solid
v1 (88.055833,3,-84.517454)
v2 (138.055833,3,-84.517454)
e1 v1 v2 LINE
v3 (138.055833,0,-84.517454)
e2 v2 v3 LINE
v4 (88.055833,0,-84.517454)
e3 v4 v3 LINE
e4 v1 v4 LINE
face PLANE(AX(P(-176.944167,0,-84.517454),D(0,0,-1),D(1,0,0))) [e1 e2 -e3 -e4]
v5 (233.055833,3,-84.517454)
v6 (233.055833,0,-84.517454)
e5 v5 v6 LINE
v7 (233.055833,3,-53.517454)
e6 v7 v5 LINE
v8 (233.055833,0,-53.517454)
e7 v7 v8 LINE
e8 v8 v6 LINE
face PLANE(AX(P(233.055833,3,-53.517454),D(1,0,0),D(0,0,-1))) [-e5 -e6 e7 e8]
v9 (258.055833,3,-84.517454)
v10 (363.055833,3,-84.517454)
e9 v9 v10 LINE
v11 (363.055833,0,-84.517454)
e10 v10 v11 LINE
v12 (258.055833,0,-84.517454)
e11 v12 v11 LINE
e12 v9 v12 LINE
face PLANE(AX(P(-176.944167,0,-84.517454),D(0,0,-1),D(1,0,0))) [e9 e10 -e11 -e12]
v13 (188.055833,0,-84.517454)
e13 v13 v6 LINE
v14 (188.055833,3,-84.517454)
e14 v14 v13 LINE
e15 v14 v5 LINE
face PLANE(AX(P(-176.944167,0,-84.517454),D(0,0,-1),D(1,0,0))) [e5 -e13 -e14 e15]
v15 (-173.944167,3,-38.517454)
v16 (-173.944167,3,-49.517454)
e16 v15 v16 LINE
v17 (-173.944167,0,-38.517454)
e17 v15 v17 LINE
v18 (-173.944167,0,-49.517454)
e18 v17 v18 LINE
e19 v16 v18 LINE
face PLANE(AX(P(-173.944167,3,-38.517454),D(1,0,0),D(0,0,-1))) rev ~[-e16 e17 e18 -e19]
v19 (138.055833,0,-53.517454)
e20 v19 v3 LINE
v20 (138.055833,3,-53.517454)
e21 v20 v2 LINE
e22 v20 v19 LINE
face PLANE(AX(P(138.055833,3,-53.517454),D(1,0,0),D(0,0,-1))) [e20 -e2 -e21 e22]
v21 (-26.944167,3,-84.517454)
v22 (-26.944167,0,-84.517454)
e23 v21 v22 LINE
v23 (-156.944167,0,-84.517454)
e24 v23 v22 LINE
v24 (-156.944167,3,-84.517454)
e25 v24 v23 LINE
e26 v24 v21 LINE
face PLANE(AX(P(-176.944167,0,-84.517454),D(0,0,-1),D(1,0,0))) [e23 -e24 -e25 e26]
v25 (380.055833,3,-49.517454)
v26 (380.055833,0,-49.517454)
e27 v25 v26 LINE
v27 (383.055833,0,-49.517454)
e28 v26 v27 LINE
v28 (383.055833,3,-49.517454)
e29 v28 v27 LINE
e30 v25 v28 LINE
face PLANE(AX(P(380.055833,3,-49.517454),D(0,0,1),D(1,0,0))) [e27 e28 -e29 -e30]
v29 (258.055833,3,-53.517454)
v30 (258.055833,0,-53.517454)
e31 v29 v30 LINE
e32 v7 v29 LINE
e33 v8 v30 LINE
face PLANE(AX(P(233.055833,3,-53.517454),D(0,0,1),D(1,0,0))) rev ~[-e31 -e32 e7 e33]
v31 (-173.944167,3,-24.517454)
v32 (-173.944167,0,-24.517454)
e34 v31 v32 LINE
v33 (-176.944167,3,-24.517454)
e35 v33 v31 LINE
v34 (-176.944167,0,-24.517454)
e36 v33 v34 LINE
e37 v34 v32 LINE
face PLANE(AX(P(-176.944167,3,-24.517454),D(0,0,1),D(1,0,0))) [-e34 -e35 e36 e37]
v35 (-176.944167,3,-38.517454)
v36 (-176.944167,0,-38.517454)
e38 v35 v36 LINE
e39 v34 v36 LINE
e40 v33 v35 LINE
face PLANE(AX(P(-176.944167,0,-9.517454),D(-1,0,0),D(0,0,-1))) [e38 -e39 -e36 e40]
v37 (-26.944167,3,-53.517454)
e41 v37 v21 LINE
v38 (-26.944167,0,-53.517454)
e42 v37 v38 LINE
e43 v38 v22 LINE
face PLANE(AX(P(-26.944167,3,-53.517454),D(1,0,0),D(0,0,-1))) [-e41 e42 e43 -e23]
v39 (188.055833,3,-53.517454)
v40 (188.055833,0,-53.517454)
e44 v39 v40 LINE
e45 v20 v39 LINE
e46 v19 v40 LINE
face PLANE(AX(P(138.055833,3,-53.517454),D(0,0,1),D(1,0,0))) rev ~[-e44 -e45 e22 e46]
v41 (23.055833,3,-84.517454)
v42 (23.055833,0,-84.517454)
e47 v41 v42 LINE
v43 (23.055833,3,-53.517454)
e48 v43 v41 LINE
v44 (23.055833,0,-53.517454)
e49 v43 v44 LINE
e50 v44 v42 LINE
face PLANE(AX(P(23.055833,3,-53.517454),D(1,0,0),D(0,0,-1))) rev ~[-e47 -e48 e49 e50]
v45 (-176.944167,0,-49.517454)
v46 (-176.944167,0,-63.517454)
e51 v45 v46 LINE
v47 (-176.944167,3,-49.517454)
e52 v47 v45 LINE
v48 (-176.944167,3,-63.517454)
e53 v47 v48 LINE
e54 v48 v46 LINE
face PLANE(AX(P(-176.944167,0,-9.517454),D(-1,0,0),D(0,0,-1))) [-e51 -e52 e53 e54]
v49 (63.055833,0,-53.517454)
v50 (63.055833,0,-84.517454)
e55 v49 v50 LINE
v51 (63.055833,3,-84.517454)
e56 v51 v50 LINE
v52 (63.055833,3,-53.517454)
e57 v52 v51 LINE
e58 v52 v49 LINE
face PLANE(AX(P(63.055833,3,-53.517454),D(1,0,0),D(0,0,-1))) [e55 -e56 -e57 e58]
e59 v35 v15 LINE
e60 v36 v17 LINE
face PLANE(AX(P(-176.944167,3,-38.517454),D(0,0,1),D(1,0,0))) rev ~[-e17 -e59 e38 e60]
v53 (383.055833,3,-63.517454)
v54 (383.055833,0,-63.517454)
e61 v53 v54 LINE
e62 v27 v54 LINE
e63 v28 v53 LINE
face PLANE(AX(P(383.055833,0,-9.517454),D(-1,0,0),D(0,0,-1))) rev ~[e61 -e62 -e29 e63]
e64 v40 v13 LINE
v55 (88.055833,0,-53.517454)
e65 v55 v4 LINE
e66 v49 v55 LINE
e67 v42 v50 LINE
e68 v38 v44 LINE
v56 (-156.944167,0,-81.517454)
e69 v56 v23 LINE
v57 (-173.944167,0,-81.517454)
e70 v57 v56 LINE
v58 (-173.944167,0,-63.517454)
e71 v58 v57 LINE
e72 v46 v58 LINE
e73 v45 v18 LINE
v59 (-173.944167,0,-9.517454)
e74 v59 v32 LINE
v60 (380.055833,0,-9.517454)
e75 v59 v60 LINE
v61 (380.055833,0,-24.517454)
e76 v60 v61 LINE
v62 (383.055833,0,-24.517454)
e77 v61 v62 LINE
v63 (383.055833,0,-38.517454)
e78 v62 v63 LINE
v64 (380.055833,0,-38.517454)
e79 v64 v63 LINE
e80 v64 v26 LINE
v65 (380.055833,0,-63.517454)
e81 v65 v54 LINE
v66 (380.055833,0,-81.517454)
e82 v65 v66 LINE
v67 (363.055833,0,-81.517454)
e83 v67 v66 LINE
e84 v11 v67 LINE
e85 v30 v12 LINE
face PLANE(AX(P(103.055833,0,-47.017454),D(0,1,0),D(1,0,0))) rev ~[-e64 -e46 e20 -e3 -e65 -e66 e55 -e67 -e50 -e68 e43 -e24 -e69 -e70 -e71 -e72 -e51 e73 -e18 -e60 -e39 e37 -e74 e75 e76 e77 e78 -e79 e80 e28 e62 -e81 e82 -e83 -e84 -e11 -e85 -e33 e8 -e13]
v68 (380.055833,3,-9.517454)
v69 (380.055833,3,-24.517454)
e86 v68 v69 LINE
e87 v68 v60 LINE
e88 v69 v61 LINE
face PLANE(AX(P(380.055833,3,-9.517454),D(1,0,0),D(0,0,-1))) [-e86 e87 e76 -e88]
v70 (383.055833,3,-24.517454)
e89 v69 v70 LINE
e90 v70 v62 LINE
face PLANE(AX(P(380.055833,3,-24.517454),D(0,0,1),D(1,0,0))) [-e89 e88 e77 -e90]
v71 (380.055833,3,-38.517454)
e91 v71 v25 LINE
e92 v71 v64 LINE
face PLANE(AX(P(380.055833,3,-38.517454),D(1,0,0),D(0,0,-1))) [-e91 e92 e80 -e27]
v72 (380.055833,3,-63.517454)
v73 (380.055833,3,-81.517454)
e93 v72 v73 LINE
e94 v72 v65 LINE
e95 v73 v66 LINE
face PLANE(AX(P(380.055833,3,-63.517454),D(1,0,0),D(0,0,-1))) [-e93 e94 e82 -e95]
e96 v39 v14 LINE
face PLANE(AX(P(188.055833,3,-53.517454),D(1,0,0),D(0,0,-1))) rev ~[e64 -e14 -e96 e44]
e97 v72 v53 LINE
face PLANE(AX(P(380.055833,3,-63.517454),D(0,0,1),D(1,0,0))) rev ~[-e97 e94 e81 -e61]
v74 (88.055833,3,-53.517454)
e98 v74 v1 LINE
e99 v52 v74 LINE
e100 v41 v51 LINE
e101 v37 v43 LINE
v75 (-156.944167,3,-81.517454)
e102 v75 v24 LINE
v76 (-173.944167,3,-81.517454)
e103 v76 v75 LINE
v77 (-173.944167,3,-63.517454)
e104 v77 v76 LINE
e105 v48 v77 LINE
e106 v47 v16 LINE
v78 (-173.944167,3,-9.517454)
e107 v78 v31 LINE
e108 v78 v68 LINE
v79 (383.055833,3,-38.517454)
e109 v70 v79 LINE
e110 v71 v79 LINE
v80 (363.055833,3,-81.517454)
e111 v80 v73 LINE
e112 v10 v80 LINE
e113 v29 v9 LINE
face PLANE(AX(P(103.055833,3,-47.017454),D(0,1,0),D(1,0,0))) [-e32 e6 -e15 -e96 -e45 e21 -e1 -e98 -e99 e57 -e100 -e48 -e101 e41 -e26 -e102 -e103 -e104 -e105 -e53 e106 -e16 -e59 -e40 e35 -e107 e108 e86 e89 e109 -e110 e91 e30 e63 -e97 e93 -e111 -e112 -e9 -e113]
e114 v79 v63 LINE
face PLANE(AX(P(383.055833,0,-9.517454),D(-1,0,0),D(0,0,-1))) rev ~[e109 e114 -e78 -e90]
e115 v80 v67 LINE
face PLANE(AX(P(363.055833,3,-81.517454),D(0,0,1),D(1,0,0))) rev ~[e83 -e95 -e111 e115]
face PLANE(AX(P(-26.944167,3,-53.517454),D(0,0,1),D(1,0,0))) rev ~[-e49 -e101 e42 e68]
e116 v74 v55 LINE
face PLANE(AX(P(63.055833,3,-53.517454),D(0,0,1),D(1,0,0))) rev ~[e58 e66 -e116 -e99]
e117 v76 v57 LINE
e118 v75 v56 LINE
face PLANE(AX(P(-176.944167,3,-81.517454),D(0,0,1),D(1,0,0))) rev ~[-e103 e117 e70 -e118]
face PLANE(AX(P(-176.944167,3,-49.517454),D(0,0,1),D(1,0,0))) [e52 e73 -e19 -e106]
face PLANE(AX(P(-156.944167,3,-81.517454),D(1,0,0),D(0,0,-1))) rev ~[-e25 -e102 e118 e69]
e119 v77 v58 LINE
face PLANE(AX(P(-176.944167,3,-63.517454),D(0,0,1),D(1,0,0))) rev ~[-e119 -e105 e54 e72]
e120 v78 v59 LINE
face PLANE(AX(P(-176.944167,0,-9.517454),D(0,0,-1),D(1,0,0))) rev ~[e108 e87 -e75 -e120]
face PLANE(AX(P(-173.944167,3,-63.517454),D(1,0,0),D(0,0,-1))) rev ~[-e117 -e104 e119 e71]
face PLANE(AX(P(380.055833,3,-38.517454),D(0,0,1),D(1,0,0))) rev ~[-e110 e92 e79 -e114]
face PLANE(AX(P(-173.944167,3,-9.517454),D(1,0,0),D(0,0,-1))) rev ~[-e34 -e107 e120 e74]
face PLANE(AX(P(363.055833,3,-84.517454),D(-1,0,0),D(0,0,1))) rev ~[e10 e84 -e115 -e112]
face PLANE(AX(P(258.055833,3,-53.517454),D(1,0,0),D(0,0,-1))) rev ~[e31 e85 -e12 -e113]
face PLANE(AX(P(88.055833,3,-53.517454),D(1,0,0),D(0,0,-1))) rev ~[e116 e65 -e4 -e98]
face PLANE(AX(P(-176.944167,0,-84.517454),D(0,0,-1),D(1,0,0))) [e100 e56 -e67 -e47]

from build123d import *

# Parameters (mm, degrees)
SKETCH1_W           = 560
SKETCH1_H           = 75
BOSS_EXTRUDE1_DEPTH = 3
SKETCH2_W           = 50
SKETCH2_H           = 31
SKETCH2_W_2         = 25
CUT_EXTRUDE2_DEPTH  = 3
SKETCH3_W           = 20
SKETCH3_H           = 3
CUT_EXTRUDE3_DEPTH  = 3
SKETCH7_W           = 3
SKETCH7_H           = 15
SKETCH7_H_2         = 11
SKETCH7_H_3         = 18
CUT_EXTRUDE8_DEPTH  = 10


with BuildPart() as part:
    # Sketch1 → Boss-Extrude1 (new body)
    with BuildSketch(Plane(origin=(0, 0, 0), x_dir=(1, 0, 0), z_dir=(0, 1, 0))):
        with Locations((103.055832565, 47.017453799)):
            Rectangle(SKETCH1_W, SKETCH1_H)
    extrude(amount=BOSS_EXTRUDE1_DEPTH)

    # Sketch2 → Cut-Extrude2 (cut)
    with BuildSketch(Plane(origin=(0, 3, 0), x_dir=(1, 0, 0), z_dir=(0, 1, 0))):
        with Locations((-1.944167435, 69.017453799)):
            Rectangle(SKETCH2_W, SKETCH2_H)
        with Locations((75.555832565, 69.017453799)):
            Rectangle(SKETCH2_W_2, SKETCH2_H)
        with Locations((163.055832565, 69.017453799)):
            Rectangle(SKETCH2_W, SKETCH2_H)
        with Locations((245.555832565, 69.017453799)):
            Rectangle(SKETCH2_W_2, SKETCH2_H)
    extrude(amount=-CUT_EXTRUDE2_DEPTH, mode=Mode.SUBTRACT)

    # Sketch3 → Cut-Extrude3 (cut)
    with BuildSketch(Plane(origin=(0, 3, 0), x_dir=(1, 0, 0), z_dir=(0, 1, 0))):
        with Locations((-166.944167435, 83.017453799)):
            Rectangle(SKETCH3_W, SKETCH3_H)
    extrude(amount=-CUT_EXTRUDE3_DEPTH, mode=Mode.SUBTRACT)

    # Sketch7 → Cut-Extrude8 (cut)
    with BuildSketch(Plane(origin=(0, 3, 0), x_dir=(1, 0, 0), z_dir=(0, 1, 0))):
        with Locations((-175.444167435, 17.017453799)):
            Rectangle(SKETCH7_W, SKETCH7_H)
        with Locations((-175.444167435, 44.017453799)):
            Rectangle(SKETCH7_W, SKETCH7_H_2)
        with Locations((-175.444167435, 72.517453799)):
            Rectangle(SKETCH7_W, SKETCH7_H_3)
        with Locations((381.555832565, 17.017453799)):
            Rectangle(SKETCH7_W, SKETCH7_H)
        with Locations((381.555832565, 44.017453799)):
            Rectangle(SKETCH7_W, SKETCH7_H_2)
        with Locations((381.555832565, 72.517453799)):
            Rectangle(SKETCH7_W, SKETCH7_H_3)
        Polygon((383.055832565, 81.517453799), (383.055832565, 84.517453799), (363.055832565, 84.517453799), (363.055832565, 81.517453799), (380.055832565, 81.517453799), align=None)
    extrude(amount=-CUT_EXTRUDE8_DEPTH, mode=Mode.SUBTRACT)


solid = part.part
